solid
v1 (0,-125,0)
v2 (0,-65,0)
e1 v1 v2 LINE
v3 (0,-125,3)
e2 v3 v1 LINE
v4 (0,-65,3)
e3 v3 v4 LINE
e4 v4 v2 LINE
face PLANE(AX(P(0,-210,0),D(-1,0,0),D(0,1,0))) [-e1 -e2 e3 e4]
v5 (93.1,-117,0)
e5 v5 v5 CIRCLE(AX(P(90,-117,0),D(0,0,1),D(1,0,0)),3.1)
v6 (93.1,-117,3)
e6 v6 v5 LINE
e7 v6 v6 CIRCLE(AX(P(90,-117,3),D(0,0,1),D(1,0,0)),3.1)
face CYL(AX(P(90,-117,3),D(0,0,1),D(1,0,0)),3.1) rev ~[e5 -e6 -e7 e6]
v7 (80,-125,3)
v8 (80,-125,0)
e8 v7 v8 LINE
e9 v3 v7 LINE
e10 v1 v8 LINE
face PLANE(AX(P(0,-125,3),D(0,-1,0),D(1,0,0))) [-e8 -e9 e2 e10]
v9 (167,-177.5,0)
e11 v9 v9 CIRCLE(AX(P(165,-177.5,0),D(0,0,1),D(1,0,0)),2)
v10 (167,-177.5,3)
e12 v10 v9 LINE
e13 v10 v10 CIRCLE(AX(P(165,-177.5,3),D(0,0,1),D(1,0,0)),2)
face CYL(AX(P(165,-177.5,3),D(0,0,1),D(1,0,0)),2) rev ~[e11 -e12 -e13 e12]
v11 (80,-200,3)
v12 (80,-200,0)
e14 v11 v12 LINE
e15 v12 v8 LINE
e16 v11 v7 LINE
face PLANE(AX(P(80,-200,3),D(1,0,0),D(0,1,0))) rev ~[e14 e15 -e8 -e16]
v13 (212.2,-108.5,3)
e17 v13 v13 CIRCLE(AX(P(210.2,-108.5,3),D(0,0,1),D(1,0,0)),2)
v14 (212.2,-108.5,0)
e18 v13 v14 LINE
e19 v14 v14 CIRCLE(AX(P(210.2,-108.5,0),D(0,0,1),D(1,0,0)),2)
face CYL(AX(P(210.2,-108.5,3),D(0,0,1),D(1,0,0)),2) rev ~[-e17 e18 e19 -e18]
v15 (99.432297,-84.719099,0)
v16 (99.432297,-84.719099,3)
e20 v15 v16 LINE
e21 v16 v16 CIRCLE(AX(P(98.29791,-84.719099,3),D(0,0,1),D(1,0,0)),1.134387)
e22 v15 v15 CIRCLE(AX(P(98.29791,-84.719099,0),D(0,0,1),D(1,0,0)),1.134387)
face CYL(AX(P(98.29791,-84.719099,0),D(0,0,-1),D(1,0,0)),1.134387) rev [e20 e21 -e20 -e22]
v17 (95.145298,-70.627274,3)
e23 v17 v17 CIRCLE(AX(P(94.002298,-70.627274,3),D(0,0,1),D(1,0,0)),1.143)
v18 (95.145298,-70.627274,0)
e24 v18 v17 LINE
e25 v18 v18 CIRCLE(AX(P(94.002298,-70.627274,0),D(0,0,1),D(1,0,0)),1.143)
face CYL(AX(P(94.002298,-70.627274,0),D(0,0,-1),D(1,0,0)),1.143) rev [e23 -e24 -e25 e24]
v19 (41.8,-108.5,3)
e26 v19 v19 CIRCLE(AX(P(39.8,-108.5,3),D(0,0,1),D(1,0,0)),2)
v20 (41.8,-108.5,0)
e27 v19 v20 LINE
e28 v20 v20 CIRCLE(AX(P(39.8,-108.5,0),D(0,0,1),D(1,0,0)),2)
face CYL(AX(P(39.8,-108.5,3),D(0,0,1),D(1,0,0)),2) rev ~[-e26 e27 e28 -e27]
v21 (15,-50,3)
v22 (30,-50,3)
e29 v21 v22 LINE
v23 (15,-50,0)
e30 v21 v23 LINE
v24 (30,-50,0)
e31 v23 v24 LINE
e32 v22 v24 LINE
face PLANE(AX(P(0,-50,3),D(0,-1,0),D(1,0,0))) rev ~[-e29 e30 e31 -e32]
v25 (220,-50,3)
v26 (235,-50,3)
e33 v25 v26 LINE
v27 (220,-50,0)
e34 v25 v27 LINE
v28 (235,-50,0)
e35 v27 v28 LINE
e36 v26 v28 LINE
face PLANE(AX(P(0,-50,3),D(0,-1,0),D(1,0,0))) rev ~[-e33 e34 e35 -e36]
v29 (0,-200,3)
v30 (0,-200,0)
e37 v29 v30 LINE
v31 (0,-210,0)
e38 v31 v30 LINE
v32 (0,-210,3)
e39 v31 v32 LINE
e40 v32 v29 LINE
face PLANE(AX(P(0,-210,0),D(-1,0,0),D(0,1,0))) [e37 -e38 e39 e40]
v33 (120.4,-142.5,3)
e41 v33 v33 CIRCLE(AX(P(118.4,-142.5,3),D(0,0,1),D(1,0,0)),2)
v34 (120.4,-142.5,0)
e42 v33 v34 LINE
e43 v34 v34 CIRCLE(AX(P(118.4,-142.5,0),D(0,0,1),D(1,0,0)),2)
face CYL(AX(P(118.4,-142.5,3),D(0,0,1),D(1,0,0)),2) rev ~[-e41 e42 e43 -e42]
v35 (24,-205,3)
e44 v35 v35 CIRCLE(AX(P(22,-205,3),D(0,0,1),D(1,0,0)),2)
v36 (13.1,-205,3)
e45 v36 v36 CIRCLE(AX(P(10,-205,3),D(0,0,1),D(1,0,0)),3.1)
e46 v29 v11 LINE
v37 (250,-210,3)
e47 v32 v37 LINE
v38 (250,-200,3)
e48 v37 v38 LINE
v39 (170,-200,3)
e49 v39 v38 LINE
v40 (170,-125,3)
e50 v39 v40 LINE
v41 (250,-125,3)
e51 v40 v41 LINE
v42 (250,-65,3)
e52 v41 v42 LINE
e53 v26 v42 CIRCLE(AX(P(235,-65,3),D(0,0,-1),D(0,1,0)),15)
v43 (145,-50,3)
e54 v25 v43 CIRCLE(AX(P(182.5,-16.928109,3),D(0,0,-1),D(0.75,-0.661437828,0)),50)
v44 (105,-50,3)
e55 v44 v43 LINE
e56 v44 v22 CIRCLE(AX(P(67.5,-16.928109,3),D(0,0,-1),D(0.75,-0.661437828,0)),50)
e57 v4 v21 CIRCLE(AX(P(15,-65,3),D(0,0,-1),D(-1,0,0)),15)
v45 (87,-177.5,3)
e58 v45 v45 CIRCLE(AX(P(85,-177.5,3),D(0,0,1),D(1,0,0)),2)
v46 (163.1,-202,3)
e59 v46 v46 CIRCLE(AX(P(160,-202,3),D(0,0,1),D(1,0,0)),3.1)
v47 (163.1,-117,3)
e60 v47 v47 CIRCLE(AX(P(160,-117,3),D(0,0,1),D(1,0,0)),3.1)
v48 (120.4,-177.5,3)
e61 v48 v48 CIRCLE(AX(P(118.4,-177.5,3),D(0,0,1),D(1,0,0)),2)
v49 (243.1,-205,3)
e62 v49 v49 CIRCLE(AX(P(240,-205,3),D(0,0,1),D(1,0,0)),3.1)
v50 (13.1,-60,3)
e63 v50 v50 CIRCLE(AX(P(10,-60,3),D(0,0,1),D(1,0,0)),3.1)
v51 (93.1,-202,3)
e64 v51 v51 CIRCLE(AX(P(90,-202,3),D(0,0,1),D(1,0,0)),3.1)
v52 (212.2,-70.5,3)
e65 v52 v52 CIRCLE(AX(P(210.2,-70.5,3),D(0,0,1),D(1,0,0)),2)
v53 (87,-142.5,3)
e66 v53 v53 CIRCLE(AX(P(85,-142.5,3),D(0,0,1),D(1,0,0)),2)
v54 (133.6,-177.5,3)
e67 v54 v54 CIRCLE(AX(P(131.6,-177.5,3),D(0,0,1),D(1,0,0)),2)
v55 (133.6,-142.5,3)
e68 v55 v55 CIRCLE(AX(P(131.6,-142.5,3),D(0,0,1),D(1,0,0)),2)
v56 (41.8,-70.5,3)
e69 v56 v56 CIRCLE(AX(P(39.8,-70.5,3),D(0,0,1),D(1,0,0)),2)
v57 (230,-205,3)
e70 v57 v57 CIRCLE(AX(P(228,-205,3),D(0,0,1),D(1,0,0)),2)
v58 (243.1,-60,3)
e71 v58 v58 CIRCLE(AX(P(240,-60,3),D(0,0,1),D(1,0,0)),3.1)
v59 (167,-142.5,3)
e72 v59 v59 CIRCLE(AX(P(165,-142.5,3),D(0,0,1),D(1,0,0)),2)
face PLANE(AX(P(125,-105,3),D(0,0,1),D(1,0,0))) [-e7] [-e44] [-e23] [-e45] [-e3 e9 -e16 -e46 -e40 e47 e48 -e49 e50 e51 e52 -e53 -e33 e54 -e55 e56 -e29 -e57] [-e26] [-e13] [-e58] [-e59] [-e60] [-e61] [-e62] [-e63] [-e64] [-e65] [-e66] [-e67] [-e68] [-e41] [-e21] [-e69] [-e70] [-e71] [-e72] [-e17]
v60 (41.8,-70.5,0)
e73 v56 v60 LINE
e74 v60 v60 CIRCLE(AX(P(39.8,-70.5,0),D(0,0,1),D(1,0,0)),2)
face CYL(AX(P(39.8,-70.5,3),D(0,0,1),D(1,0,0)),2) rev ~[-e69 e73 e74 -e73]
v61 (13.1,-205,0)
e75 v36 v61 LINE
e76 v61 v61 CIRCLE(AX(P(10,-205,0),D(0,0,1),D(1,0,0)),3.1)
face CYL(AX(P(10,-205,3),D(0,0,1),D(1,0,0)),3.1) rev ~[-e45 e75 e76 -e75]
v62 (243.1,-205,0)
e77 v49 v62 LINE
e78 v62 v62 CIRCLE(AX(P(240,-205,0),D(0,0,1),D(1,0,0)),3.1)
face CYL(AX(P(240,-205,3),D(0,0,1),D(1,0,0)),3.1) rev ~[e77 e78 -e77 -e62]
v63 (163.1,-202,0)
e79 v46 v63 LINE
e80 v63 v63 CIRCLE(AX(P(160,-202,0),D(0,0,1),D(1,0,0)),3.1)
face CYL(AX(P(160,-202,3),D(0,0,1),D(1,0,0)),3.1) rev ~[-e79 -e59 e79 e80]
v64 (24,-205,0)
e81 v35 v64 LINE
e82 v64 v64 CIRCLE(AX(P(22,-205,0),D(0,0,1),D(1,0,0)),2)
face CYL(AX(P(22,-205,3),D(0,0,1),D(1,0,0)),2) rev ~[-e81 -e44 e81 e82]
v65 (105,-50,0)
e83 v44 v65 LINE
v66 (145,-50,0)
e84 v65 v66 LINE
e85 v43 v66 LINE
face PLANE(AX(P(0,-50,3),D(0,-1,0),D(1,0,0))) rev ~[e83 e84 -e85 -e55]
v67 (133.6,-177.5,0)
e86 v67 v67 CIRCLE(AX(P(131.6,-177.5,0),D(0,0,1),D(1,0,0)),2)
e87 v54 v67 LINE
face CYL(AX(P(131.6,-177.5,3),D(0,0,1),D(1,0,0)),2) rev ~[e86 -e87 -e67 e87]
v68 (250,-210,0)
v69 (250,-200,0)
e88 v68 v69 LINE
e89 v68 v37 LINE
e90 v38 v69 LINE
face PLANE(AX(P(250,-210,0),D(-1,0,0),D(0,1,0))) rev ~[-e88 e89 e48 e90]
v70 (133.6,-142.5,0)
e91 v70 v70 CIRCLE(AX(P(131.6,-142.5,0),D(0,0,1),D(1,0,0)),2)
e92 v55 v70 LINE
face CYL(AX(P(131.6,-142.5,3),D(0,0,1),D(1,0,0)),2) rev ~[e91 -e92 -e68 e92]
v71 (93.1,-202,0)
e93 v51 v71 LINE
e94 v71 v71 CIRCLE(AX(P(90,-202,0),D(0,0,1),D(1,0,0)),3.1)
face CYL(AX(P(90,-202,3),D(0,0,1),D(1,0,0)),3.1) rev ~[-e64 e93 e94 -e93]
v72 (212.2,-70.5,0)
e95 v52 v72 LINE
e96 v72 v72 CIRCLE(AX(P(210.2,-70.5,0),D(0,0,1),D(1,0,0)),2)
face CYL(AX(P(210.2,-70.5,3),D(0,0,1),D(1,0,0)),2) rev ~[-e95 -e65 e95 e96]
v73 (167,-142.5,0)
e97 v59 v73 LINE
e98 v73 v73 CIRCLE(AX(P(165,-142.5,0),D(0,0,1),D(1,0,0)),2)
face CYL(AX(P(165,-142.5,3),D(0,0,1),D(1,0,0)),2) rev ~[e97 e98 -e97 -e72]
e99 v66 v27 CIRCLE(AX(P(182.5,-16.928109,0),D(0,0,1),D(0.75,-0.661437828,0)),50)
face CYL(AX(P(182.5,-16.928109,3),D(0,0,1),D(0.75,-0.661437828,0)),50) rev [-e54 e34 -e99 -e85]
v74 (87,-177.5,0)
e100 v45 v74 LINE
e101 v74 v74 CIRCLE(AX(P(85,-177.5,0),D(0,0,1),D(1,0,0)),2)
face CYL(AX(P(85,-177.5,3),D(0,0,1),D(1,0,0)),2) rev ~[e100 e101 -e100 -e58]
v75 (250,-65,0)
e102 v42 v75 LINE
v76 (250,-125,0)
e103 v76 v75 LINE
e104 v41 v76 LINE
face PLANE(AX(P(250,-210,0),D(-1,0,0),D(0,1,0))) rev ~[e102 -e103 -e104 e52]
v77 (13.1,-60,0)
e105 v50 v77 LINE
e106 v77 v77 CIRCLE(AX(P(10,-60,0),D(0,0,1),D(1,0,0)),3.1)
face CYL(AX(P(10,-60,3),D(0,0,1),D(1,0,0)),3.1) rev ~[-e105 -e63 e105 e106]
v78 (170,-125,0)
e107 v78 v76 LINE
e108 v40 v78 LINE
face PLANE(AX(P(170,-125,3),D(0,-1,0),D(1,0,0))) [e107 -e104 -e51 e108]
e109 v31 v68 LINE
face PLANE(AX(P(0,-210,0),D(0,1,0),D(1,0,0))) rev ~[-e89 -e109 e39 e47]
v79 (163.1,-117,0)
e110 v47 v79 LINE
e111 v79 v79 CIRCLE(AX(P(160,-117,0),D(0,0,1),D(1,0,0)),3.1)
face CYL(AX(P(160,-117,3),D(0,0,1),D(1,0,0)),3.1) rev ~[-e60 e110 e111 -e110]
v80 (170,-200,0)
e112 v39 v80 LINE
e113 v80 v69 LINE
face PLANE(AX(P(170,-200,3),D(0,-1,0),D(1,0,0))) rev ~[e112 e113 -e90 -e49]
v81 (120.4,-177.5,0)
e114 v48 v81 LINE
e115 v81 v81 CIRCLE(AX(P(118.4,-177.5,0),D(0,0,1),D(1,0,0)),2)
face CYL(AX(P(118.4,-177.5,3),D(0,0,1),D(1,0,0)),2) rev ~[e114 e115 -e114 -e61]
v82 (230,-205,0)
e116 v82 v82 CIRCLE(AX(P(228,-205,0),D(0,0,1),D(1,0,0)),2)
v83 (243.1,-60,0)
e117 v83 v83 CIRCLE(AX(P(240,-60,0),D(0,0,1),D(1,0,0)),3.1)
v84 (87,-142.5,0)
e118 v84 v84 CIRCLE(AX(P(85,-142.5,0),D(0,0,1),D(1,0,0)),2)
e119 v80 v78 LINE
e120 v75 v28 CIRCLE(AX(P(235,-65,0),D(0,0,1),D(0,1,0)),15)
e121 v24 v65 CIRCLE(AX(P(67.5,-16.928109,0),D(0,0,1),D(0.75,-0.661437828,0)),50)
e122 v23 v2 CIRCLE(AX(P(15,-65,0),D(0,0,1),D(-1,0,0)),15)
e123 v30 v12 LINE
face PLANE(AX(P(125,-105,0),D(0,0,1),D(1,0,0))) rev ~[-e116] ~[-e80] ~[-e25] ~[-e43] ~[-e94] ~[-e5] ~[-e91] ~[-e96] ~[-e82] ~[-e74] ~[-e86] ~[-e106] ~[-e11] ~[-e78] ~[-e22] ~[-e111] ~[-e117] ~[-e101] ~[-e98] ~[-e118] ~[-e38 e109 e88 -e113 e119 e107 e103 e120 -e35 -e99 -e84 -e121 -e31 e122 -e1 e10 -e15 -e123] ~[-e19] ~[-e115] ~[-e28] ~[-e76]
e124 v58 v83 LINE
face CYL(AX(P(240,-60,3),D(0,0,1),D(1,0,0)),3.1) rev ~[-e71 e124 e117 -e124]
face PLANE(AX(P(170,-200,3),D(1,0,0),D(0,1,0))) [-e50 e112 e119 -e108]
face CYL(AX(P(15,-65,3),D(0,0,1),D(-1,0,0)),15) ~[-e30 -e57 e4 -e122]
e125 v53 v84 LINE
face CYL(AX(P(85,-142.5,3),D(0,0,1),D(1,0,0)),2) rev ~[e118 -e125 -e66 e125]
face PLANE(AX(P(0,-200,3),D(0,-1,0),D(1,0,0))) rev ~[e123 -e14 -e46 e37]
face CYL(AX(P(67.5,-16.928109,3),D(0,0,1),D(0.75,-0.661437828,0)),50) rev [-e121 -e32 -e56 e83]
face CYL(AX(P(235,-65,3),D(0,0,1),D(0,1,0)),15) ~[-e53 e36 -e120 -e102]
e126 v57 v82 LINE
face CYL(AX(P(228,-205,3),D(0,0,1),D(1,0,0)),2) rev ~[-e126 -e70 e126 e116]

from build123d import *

# Parameters (mm, degrees)
ESQUISSE1_W              = 250
ESQUISSE1_H              = 210
ESQUISSE1_R              = 1.143
ESQUISSE1_R_2            = 1.134386863
BOSS_EXTRU_1_DEPTH       = 3
ESQUISSE2_R              = 2.5
ESQUISSE2_R_2            = 2
ENL_V_MAT_EXTRU_1_DEPTH  = 5
ESQUISSE3_W              = 250
ESQUISSE3_H              = 50
ENL_V_MAT_EXTRU_2_DEPTH  = 5
ESQUISSE10_W             = 80
ESQUISSE10_H             = 75
ENL_V_MAT_EXTRU_7_DEPTH  = 10
ESQUISSE12_R             = 2
ENL_V_MAT_EXTRU_8_DEPTH  = 13
ESQUISSE18_R             = 2
ENL_V_MAT_EXTRU_13_DEPTH = 10
ESQUISSE19_R             = 3.1
ENL_V_MAT_EXTRU_14_DEPTH = 10
ESQUISSE21_R             = 3.1
ENL_V_MAT_EXTRU_16_DEPTH = 10
ENL_V_MAT_EXTRU_17_DEPTH = 10
ENL_V_MAT_EXTRU_18_DEPTH = 10


with BuildPart() as part:
    # Esquisse1 → Boss.-Extru.1 (new body)
    with BuildSketch(Plane.XY):
        with Locations((125, -105)):
            Rectangle(ESQUISSE1_W, ESQUISSE1_H)
        with Locations((94.002297733, -70.627273701)):
            Circle(ESQUISSE1_R, mode=Mode.SUBTRACT)
        with Locations((98.297909971, -84.719098973)):
            Circle(ESQUISSE1_R_2, mode=Mode.SUBTRACT)
    extrude(amount=BOSS_EXTRU_1_DEPTH)

    # Esquisse2 → Enlèv. mat.-Extru.1 (cut)
    with BuildSketch(Plane.XY.offset(3)):
        with Locations((18, -137)):
            Circle(ESQUISSE2_R)
        with Locations((18, -188)):
            Circle(ESQUISSE2_R)
        with Locations((85, -142.5)):
            Circle(ESQUISSE2_R_2)
        with Locations((118.4, -142.5)):
            Circle(ESQUISSE2_R_2)
        with Locations((118.4, -177.5)):
            Circle(ESQUISSE2_R_2)
        with Locations((85, -177.5)):
            Circle(ESQUISSE2_R_2)
        with Locations((131.6, -177.5)):
            Circle(ESQUISSE2_R_2)
        with Locations((165, -177.5)):
            Circle(ESQUISSE2_R_2)
        with Locations((165, -142.5)):
            Circle(ESQUISSE2_R_2)
        with Locations((131.6, -142.5)):
            Circle(ESQUISSE2_R_2)
        with Locations((232, -188)):
            Circle(ESQUISSE2_R)
        with Locations((232, -137)):
            Circle(ESQUISSE2_R)
    extrude(amount=-ENL_V_MAT_EXTRU_1_DEPTH, mode=Mode.SUBTRACT)

    # Esquisse3 → Enlèv. mat.-Extru.2 (cut)
    with BuildSketch(Plane.XY.offset(3)):
        with Locations((125, -25)):
            Rectangle(ESQUISSE3_W, ESQUISSE3_H)
    extrude(amount=-ENL_V_MAT_EXTRU_2_DEPTH, mode=Mode.SUBTRACT)

    # Esquisse10 → Enlèv. mat.-Extru.7 (cut)
    with BuildSketch(Plane.XY.offset(3)):
        with Locations((40, -162.5)):
            Rectangle(ESQUISSE10_W, ESQUISSE10_H)
        with Locations((210, -162.5)):
            Rectangle(ESQUISSE10_W, ESQUISSE10_H)
    extrude(amount=-ENL_V_MAT_EXTRU_7_DEPTH, mode=Mode.SUBTRACT)

    # Esquisse12 → Enlèv. mat.-Extru.8 (cut)
    with BuildSketch(Plane.XY.offset(3)):
        with Locations((39.8, -108.5)):
            Circle(ESQUISSE12_R)
        with Locations((39.8, -70.5)):
            Circle(ESQUISSE12_R)
        with Locations((210.2, -108.5)):
            Circle(ESQUISSE12_R)
        with Locations((210.2, -70.5)):
            Circle(ESQUISSE12_R)
    extrude(amount=-ENL_V_MAT_EXTRU_8_DEPTH, mode=Mode.SUBTRACT)

    # Esquisse18 → Enlèv. mat.-Extru.13 (cut)
    with BuildSketch(Plane.XY.offset(3)):
        with Locations((22, -205)):
            Circle(ESQUISSE18_R)
        with Locations((228, -205)):
            Circle(ESQUISSE18_R)
    extrude(amount=-ENL_V_MAT_EXTRU_13_DEPTH, mode=Mode.SUBTRACT)

    # Esquisse19 → Enlèv. mat.-Extru.14 (cut)
    with BuildSketch(Plane.XY.offset(3)):
        with Locations((90, -117)):
            Circle(ESQUISSE19_R)
        with Locations((90, -202)):
            Circle(ESQUISSE19_R)
        with Locations((160, -202)):
            Circle(ESQUISSE19_R)
        with Locations((160, -117)):
            Circle(ESQUISSE19_R)
    extrude(amount=-ENL_V_MAT_EXTRU_14_DEPTH, mode=Mode.SUBTRACT)

    # Esquisse21 → Enlèv. mat.-Extru.16 (cut)
    with BuildSketch(Plane.XY.offset(3)):
        with Locations((10, -60)):
            Circle(ESQUISSE21_R)
        with Locations((10, -205)):
            Circle(ESQUISSE21_R)
        with Locations((240, -205)):
            Circle(ESQUISSE21_R)
        with Locations((240, -60)):
            Circle(ESQUISSE21_R)
    extrude(amount=-ENL_V_MAT_EXTRU_16_DEPTH, mode=Mode.SUBTRACT)

    # Esquisse23 → Enlèv. mat.-Extru.17 (cut)
    with BuildSketch(Plane.XY.offset(3)):
        with BuildLine():
            Line((15, -50), (0, -50))
            Line((0, -50), (0, -65))
            ThreePointArc((0, -65), (4.393398282, -54.393398282), (15, -50))
        make_face()
        with BuildLine():
            Line((250, -50), (235, -50))
            ThreePointArc((235, -50), (245.606601718, -54.393398282), (250, -65))
            Line((250, -65), (250, -50))
        make_face()
    extrude(amount=-ENL_V_MAT_EXTRU_17_DEPTH, mode=Mode.SUBTRACT)

    # Esquisse24 → Enlèv. mat.-Extru.18 (cut)
    with BuildSketch(Plane.XY.offset(3)):
        with BuildLine():
            Line((30, -50), (105, -50))
            ThreePointArc((105, -50), (67.5, -66.928108612), (30, -50))
        make_face()
        with BuildLine():
            Line((145, -50), (220, -50))
            ThreePointArc((220, -50), (182.5, -66.928108612), (145, -50))
        make_face()
    extrude(amount=-ENL_V_MAT_EXTRU_18_DEPTH, mode=Mode.SUBTRACT)


solid = part.part
